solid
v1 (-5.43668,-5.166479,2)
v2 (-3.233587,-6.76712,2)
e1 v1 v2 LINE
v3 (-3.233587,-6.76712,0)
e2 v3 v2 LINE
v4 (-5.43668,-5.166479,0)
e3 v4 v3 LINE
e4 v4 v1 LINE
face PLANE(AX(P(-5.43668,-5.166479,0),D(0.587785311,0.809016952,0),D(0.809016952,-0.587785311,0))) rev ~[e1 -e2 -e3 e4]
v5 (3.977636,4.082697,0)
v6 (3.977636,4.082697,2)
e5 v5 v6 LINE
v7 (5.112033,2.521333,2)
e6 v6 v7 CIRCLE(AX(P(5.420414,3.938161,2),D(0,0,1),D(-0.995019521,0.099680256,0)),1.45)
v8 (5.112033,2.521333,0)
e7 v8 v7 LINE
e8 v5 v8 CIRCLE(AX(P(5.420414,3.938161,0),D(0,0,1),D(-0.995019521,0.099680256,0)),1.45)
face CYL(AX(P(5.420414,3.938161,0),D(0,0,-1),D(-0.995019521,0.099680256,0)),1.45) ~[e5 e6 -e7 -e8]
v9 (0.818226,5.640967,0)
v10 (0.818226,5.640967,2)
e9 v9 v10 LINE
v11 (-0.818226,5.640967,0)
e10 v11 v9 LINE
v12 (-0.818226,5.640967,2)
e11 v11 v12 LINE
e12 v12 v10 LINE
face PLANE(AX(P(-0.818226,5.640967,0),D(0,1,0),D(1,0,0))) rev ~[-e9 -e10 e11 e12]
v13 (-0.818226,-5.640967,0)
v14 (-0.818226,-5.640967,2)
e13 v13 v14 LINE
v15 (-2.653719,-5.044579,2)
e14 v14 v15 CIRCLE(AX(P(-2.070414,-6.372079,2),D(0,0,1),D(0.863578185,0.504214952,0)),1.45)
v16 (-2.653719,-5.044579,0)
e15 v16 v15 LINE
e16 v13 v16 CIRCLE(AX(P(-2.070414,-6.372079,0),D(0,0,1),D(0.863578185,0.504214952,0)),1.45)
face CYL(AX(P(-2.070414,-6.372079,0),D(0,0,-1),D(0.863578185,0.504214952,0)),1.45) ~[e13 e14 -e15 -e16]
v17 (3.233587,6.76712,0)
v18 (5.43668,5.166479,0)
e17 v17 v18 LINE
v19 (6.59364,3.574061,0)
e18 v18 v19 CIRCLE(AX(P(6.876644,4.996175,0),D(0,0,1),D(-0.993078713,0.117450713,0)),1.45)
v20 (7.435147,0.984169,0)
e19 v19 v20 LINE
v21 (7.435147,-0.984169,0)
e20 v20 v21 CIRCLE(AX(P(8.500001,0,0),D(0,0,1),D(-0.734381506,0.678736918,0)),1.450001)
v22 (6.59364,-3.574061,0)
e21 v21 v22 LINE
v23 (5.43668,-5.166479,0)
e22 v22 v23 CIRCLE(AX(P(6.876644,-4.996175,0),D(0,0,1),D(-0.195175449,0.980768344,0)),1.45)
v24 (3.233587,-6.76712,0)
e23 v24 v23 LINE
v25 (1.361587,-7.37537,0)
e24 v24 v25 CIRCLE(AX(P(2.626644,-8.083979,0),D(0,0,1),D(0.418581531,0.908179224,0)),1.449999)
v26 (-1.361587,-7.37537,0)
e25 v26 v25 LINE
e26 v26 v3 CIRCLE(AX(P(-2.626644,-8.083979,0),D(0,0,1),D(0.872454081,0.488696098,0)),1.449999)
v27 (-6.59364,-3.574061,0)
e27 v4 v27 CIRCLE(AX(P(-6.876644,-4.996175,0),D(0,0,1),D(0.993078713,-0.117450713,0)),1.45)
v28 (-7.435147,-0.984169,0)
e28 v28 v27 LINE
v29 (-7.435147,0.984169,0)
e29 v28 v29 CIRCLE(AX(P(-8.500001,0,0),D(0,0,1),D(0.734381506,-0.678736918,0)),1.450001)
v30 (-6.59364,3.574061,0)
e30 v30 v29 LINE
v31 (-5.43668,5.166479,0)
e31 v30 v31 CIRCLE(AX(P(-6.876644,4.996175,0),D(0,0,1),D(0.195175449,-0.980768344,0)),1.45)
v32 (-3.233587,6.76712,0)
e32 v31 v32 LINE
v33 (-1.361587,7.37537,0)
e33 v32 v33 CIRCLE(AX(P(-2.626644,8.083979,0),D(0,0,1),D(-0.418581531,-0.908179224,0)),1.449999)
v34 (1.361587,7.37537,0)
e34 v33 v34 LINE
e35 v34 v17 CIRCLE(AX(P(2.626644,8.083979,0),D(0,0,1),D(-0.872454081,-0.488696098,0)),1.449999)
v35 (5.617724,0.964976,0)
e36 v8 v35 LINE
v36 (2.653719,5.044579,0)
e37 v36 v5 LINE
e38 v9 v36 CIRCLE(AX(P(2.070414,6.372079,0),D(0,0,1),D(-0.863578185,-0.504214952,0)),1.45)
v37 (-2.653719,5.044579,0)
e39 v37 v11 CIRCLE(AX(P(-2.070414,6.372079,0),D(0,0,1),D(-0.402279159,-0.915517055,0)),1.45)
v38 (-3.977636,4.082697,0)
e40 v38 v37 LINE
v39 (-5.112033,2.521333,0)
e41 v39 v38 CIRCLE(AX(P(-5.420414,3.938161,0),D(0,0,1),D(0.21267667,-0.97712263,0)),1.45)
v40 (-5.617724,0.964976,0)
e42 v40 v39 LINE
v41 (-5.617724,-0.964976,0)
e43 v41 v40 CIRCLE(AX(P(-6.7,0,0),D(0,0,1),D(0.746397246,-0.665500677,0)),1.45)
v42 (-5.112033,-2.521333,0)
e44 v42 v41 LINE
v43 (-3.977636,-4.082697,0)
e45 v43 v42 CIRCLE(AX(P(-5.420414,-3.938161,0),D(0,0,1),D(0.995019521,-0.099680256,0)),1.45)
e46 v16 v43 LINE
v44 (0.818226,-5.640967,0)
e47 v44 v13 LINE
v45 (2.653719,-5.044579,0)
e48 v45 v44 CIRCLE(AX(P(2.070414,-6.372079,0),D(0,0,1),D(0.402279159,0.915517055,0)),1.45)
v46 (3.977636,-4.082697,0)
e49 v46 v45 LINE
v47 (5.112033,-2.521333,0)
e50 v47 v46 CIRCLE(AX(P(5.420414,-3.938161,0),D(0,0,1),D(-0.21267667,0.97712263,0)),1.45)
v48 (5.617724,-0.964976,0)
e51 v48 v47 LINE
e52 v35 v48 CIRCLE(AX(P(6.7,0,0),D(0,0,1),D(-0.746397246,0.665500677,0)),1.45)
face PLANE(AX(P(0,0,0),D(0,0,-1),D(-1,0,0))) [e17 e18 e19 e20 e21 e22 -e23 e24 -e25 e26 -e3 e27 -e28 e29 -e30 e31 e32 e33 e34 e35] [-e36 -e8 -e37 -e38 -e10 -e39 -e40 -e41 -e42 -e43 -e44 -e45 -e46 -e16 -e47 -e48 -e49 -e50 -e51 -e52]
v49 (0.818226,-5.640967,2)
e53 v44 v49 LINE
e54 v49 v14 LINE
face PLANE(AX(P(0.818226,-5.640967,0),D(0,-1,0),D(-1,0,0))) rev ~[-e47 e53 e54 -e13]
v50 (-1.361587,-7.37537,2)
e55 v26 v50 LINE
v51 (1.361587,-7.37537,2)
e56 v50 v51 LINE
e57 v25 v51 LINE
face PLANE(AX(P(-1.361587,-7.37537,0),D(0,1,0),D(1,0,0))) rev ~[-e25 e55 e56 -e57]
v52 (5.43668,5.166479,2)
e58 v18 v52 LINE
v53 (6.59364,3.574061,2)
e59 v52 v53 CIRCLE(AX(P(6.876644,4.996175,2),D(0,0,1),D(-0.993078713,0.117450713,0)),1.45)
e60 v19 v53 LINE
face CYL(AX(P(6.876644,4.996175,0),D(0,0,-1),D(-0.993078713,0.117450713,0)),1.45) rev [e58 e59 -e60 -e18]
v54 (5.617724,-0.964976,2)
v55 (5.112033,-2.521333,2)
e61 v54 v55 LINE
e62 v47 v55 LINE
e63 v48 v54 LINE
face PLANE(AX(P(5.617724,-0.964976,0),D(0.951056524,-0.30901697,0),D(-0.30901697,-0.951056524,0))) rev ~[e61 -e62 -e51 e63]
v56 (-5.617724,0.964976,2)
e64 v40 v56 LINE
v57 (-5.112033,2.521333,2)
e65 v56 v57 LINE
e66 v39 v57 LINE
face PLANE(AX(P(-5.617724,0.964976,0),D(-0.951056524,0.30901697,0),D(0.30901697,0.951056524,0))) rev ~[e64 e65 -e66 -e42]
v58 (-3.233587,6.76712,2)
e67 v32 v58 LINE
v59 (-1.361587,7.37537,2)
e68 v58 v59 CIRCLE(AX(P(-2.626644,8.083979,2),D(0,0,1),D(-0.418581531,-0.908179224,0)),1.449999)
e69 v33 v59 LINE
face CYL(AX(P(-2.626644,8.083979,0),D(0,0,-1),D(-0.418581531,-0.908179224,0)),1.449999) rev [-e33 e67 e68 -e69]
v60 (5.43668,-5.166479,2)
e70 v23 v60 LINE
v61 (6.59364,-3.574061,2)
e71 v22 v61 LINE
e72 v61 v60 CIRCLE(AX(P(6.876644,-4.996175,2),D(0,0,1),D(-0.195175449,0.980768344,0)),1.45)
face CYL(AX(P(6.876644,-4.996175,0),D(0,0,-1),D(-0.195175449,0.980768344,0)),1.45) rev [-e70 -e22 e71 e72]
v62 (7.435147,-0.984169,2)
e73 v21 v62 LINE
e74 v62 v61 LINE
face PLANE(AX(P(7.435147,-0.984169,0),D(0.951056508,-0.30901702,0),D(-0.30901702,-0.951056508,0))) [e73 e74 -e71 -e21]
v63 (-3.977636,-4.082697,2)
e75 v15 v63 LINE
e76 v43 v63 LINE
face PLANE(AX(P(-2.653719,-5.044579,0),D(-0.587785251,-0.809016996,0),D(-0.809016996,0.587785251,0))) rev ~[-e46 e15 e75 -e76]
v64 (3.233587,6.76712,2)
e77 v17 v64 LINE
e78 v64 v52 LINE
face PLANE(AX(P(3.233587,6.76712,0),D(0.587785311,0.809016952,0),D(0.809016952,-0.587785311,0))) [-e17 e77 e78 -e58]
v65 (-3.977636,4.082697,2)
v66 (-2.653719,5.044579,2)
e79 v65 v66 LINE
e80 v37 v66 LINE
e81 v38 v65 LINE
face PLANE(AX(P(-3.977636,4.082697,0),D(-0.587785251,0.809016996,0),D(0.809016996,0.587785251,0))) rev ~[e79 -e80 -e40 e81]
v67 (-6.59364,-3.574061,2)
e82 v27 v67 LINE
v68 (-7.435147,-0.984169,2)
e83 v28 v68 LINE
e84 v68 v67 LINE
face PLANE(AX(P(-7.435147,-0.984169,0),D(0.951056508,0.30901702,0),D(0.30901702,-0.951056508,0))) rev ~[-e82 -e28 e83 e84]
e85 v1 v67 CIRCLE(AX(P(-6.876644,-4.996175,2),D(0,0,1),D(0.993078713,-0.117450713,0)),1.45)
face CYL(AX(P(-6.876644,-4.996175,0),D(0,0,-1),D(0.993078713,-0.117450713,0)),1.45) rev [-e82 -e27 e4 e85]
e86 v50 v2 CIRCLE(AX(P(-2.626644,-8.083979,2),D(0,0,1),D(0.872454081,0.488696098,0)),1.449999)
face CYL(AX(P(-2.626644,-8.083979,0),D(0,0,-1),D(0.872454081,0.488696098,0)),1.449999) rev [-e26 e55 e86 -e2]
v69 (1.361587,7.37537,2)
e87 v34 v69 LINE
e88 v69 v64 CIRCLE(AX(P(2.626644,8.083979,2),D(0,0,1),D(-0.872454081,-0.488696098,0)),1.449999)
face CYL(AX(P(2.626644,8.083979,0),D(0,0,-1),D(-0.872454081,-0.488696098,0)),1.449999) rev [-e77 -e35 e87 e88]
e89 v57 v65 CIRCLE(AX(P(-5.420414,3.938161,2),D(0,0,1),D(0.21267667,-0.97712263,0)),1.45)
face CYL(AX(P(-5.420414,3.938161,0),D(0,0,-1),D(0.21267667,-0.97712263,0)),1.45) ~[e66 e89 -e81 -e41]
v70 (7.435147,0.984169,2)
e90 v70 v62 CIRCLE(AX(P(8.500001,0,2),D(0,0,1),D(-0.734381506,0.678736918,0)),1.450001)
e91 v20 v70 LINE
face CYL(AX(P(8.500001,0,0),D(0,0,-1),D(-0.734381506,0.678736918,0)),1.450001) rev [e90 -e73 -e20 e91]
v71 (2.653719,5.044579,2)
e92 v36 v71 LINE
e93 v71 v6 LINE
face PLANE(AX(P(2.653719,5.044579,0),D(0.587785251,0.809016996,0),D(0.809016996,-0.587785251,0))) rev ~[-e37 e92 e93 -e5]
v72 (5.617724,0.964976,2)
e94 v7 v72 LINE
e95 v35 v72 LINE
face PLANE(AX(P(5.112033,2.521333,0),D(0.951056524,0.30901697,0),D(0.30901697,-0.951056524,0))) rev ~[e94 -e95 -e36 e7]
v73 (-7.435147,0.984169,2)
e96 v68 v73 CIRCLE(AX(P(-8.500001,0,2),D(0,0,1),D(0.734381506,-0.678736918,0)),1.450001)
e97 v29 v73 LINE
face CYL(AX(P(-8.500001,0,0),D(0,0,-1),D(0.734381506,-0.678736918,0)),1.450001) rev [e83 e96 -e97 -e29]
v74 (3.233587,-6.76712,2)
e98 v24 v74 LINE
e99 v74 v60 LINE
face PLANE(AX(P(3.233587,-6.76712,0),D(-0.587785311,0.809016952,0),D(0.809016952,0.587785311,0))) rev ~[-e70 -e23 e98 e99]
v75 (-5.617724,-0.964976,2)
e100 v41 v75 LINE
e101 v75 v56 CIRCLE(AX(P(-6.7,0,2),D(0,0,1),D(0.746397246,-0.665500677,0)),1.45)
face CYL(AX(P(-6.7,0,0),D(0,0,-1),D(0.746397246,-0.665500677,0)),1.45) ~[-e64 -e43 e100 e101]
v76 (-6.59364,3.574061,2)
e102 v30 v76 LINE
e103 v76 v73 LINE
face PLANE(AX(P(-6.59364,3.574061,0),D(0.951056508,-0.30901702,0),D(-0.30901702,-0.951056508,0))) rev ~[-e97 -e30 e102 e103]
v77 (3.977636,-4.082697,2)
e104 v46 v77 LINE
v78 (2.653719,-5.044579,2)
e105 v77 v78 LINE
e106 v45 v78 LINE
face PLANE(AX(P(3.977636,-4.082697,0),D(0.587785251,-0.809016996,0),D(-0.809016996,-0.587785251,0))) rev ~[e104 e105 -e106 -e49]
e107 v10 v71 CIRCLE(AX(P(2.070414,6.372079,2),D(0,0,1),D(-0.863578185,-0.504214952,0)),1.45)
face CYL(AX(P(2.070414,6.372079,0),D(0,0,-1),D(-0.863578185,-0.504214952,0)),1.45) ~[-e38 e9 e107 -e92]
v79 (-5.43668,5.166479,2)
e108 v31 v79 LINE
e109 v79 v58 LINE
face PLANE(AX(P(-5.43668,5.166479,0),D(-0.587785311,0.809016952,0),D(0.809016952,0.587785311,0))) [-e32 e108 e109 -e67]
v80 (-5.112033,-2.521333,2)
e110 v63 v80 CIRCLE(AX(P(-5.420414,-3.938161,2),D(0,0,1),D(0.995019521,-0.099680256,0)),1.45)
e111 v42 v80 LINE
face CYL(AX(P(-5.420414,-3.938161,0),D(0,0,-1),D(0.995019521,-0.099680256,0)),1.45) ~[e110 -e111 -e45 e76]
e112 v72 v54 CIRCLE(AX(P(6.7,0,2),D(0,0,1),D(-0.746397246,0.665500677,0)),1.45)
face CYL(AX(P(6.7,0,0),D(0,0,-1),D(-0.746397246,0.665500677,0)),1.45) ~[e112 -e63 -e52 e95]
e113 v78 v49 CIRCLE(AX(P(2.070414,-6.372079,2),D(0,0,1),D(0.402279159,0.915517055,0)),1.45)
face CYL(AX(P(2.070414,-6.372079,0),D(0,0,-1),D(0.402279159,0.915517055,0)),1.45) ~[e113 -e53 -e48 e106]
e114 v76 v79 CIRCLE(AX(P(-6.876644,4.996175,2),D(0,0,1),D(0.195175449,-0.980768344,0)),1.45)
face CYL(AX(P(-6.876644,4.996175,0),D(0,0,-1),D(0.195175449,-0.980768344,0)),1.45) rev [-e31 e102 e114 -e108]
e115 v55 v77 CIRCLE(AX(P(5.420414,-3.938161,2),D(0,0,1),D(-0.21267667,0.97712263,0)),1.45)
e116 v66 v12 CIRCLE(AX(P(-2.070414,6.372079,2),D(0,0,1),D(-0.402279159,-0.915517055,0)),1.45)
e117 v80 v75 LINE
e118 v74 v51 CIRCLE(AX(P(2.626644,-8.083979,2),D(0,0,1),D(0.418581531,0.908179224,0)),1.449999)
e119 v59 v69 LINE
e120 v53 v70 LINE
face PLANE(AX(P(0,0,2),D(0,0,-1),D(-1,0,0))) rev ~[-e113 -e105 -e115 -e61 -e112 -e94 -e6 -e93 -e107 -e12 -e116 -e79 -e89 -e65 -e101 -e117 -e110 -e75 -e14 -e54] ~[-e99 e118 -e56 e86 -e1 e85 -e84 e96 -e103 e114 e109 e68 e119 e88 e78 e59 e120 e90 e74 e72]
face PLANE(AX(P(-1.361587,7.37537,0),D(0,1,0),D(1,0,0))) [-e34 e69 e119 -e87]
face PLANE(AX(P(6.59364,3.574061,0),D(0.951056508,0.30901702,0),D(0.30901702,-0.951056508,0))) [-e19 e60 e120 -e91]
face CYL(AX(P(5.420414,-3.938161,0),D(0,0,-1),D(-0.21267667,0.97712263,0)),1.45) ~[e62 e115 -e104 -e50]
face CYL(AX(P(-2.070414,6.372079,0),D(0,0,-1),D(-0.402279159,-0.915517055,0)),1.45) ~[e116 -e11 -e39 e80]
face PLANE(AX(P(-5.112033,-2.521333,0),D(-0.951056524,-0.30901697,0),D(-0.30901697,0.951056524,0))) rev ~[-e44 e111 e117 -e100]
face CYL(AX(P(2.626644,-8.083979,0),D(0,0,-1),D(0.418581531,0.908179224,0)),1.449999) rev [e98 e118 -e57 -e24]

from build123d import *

# Parameters (mm, degrees)
PAD001_DEPTH = 2


with BuildPart() as part:
    # CopySketch002 → Pad001 (new body)
    with BuildSketch(Plane.XY):
        with BuildLine():
            ThreePointArc((1.361587, 7.37537), (2.17857, 6.704948), (3.233587, 6.76712))
            Line((3.233587, 6.76712), (5.43668, 5.166479))
            ThreePointArc((5.43668, 5.166479), (5.70357, 4.143886), (6.59364, 3.574061))
            Line((6.59364, 3.574061), (7.435147, 0.984169))
            ThreePointArc((7.435147, 0.984169), (7.05, 0), (7.435147, -0.984169))
            Line((7.435147, -0.984169), (6.59364, -3.574061))
            ThreePointArc((6.59364, -3.574061), (5.70357, -4.143886), (5.43668, -5.166479))
            Line((3.233587, -6.76712), (5.43668, -5.166479))
            ThreePointArc((3.233587, -6.76712), (2.17857, -6.704948), (1.361587, -7.37537))
            Line((-1.361587, -7.37537), (1.361587, -7.37537))
            ThreePointArc((-1.361587, -7.37537), (-2.17857, -6.704948), (-3.233587, -6.76712))
            Line((-5.43668, -5.166479), (-3.233587, -6.76712))
            ThreePointArc((-5.43668, -5.166479), (-5.70357, -4.143886), (-6.59364, -3.574061))
            Line((-7.435147, -0.984169), (-6.59364, -3.574061))
            ThreePointArc((-7.435147, -0.984169), (-7.05, 0), (-7.435147, 0.984169))
            Line((-6.59364, 3.574061), (-7.435147, 0.984169))
            ThreePointArc((-6.59364, 3.574061), (-5.70357, 4.143886), (-5.43668, 5.166479))
            Line((-5.43668, 5.166479), (-3.233587, 6.76712))
            ThreePointArc((-3.233587, 6.76712), (-2.17857, 6.704948), (-1.361587, 7.37537))
            Line((-1.361587, 7.37537), (1.361587, 7.37537))
        make_face()
        with BuildLine():
            Line((5.617724, -0.964976), (5.112033, -2.521333))
            ThreePointArc((5.112033, -2.521333), (4.247339, -3.085873), (3.977636, -4.082697))
            Line((3.977636, -4.082697), (2.653719, -5.044579))
            ThreePointArc((2.653719, -5.044579), (1.622339, -4.993047), (0.818226, -5.640967))
            Line((0.818226, -5.640967), (-0.818226, -5.640967))
            ThreePointArc((-0.818226, -5.640967), (-1.622339, -4.993047), (-2.653719, -5.044579))
            Line((-2.653719, -5.044579), (-3.977636, -4.082697))
            ThreePointArc((-3.977636, -4.082697), (-4.247339, -3.085873), (-5.112033, -2.521333))
            Line((-5.112033, -2.521333), (-5.617724, -0.964976))
            ThreePointArc((-5.617724, -0.964976), (-5.25, 0), (-5.617724, 0.964976))
            Line((-5.617724, 0.964976), (-5.112033, 2.521333))
            ThreePointArc((-5.112033, 2.521333), (-4.247339, 3.085873), (-3.977636, 4.082697))
            Line((-3.977636, 4.082697), (-2.653719, 5.044579))
            ThreePointArc((-2.653719, 5.044579), (-1.622339, 4.993047), (-0.818226, 5.640967))
            Line((-0.818226, 5.640967), (0.818226, 5.640967))
            ThreePointArc((0.818226, 5.640967), (1.622339, 4.993047), (2.653719, 5.044579))
            Line((2.653719, 5.044579), (3.977636, 4.082697))
            ThreePointArc((3.977636, 4.082697), (4.247339, 3.085873), (5.112033, 2.521333))
            Line((5.112033, 2.521333), (5.617724, 0.964976))
            ThreePointArc((5.617724, 0.964976), (5.25, 0), (5.617724, -0.964976))
        make_face(mode=Mode.SUBTRACT)
    extrude(amount=PAD001_DEPTH)


solid = part.part
